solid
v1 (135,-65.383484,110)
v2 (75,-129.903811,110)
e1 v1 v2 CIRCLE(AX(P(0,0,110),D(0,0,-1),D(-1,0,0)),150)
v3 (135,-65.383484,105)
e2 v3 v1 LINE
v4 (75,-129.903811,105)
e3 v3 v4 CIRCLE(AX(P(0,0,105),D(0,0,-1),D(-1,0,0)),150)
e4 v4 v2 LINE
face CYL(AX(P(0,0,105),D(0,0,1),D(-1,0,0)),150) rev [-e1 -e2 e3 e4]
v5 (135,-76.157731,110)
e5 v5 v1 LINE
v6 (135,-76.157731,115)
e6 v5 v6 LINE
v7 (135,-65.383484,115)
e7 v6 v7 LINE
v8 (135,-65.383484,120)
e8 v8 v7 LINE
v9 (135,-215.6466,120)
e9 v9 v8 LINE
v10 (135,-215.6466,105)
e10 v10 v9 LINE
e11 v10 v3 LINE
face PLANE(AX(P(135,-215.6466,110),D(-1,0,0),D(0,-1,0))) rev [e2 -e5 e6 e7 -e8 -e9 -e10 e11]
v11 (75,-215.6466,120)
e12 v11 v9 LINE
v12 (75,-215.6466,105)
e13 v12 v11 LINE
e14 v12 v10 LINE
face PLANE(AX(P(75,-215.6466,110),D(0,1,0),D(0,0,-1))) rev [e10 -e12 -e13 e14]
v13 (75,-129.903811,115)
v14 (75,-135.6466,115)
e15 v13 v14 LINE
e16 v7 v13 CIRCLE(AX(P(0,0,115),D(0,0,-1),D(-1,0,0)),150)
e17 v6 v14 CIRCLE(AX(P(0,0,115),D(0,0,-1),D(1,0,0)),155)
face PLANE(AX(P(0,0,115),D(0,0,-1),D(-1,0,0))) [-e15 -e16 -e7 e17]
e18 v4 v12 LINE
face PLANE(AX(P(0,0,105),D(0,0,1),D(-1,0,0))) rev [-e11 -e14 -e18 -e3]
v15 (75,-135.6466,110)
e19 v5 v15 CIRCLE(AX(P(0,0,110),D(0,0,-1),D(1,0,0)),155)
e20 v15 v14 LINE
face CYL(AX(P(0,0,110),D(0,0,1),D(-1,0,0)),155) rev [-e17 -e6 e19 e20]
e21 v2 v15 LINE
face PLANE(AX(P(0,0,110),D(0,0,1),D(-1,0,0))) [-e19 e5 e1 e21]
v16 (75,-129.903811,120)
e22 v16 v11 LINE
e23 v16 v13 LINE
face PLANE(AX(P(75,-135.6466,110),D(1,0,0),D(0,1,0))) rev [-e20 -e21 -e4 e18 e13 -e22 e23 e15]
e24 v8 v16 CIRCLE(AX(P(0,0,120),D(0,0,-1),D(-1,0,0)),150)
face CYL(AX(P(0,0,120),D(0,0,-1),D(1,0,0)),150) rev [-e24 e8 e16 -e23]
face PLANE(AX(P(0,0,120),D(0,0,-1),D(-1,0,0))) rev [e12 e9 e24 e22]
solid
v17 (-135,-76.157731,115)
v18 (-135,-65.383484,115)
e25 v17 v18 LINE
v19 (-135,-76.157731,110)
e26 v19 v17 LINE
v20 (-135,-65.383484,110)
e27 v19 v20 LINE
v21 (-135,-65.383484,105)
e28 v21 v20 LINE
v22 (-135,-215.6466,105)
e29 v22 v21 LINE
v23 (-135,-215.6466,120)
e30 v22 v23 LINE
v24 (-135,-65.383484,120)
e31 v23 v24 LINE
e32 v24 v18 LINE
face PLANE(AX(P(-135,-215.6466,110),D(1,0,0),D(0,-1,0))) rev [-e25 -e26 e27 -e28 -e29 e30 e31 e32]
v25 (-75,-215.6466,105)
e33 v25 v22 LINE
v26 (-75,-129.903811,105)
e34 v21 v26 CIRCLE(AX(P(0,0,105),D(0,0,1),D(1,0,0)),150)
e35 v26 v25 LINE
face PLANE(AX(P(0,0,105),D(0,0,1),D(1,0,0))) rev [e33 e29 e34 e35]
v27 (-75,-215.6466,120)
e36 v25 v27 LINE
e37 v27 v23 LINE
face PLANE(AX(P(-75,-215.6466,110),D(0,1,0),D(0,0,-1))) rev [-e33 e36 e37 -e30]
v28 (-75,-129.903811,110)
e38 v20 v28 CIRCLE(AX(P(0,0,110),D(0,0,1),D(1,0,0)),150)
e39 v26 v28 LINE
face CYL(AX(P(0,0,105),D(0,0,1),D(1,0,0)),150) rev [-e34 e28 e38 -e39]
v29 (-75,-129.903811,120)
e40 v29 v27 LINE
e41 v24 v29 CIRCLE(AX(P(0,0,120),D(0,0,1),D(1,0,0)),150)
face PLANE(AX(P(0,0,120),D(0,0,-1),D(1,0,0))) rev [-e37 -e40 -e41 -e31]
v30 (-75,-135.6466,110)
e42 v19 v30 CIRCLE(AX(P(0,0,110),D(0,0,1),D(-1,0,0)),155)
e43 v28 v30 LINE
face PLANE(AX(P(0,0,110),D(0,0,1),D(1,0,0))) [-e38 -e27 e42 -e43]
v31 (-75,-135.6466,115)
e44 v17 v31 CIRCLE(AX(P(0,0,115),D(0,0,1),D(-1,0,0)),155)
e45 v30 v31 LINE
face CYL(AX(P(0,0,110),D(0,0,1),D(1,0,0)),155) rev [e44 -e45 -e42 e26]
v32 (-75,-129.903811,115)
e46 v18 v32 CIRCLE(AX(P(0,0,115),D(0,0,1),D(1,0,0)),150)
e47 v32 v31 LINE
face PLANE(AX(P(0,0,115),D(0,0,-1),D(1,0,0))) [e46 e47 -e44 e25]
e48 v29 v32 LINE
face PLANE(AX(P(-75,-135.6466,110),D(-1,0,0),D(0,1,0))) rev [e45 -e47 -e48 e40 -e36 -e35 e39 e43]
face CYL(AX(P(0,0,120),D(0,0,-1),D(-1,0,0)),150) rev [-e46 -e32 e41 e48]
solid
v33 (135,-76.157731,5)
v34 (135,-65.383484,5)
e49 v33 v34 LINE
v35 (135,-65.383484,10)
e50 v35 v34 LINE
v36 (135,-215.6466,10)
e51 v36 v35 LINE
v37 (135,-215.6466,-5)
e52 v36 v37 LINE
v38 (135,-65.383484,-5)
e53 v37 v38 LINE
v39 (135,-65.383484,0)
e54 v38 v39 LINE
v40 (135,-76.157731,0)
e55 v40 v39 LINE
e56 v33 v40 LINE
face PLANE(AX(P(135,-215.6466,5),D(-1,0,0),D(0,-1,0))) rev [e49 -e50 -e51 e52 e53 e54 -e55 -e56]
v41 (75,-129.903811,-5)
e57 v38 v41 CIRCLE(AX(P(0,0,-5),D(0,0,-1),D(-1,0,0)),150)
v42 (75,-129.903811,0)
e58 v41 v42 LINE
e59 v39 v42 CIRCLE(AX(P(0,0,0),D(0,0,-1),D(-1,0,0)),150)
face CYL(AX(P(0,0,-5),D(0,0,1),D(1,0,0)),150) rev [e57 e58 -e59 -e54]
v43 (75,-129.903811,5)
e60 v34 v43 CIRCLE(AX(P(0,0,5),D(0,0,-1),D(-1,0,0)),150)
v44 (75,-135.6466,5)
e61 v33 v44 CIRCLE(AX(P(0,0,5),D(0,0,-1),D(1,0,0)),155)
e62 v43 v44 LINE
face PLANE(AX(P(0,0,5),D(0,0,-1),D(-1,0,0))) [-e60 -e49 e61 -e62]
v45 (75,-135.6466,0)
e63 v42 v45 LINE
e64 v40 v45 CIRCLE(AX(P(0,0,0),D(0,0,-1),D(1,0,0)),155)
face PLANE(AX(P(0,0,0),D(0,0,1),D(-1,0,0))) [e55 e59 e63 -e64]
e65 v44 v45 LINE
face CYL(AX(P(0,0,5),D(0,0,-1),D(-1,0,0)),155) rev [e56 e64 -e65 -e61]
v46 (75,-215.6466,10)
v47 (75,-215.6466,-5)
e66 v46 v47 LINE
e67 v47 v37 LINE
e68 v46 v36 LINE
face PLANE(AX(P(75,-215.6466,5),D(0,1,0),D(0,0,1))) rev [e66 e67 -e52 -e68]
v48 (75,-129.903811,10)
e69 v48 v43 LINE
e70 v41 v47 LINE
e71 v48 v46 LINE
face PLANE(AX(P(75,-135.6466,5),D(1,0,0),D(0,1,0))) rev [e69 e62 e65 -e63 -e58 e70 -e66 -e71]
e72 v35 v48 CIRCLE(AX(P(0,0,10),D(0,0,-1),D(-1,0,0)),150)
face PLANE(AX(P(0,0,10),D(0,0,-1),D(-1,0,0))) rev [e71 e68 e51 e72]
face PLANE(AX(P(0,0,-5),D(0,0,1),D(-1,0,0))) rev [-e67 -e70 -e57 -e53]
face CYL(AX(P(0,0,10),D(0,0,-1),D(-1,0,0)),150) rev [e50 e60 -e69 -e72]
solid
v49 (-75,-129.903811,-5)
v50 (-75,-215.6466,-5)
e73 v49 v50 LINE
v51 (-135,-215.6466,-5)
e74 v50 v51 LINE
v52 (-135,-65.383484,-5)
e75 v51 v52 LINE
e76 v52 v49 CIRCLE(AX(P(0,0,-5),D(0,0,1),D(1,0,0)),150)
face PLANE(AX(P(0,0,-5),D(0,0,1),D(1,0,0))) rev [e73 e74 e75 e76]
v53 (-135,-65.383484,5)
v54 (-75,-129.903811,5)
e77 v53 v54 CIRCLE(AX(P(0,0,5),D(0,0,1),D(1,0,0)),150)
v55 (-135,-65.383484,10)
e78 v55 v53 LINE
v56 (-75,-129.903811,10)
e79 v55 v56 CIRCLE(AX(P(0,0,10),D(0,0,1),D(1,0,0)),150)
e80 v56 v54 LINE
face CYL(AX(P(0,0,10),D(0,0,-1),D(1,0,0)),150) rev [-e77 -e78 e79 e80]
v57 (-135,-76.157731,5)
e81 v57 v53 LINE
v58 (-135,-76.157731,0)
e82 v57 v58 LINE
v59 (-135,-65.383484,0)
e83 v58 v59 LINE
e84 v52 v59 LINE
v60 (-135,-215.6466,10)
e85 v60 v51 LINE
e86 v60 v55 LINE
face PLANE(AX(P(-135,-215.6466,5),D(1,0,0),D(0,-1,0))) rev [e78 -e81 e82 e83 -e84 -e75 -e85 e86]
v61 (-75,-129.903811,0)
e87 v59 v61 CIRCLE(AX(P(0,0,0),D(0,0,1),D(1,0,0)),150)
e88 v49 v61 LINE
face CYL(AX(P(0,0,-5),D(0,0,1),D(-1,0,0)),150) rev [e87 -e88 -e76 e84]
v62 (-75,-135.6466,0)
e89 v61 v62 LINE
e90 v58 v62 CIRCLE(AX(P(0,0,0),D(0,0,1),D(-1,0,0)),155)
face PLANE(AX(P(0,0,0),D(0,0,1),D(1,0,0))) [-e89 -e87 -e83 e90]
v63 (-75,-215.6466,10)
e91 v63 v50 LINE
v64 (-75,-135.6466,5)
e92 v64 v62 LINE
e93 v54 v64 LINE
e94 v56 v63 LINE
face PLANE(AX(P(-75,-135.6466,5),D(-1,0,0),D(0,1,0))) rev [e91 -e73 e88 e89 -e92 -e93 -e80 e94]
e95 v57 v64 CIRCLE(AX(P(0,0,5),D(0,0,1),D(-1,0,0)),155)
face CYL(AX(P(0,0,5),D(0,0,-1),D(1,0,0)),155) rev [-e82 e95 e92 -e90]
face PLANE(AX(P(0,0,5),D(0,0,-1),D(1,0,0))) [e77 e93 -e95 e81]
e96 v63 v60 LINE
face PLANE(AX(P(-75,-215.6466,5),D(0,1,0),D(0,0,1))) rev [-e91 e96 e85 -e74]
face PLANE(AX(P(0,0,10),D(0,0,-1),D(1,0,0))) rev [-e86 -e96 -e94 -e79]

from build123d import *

# Parameters (mm, degrees)
BOSS_EXTRUDE4_DEPTH = 2.5
BOSS_EXTRUDE5_DEPTH = 5


with BuildPart() as part:
    # Sketch7 → Boss-Extrude4 (new, symmetric)
    with BuildSketch(Plane.XY.offset(2.5)):
        with BuildLine():
            Line((75, -135.646599663), (75, -215.646599663))
            Line((75, -215.646599663), (135, -215.646599663))
            Line((135, -215.646599663), (135, -76.157731059))
            ThreePointArc((135, -76.157731059), (109.131715701, -110.069380974), (75, -135.646599663))
        make_face()
    extrude(amount=BOSS_EXTRUDE4_DEPTH, both=True)

    # Sketch8 → Boss-Extrude5 (add)
    with BuildSketch(Plane.XY.offset(5)):
        with BuildLine():
            Line((75, -215.646599663), (135, -215.646599663))
            Line((135, -215.646599663), (135, -65.383484153))
            ThreePointArc((135, -65.383484153), (109.84406279, -102.148332683), (75, -129.903810568))
            Line((75, -129.903810568), (75, -215.646599663))
        make_face()
    boss_extrude5 = extrude(amount=BOSS_EXTRUDE5_DEPTH)

    # Mirror1: Boss-Extrude5 across plane
    add(boss_extrude5.mirror(Plane.XY.offset(2.5)))


with BuildPart() as body_2:
    # Mirror2: mirrored copy
    add(part.part.mirror(Plane(origin=(0, 0, 0), x_dir=(0, 0, 1), z_dir=(1, 0, 0))))


with BuildPart() as body_3:
    # Mirror3: mirrored copy
    add(part.part.mirror(Plane.XY.offset(57.5)))


with BuildPart() as body_4:
    # Mirror3 2: mirrored copy
    add(body_2.part.mirror(Plane.XY.offset(57.5)))


solid = Compound([part.part, body_2.part, body_3.part, body_4.part])
